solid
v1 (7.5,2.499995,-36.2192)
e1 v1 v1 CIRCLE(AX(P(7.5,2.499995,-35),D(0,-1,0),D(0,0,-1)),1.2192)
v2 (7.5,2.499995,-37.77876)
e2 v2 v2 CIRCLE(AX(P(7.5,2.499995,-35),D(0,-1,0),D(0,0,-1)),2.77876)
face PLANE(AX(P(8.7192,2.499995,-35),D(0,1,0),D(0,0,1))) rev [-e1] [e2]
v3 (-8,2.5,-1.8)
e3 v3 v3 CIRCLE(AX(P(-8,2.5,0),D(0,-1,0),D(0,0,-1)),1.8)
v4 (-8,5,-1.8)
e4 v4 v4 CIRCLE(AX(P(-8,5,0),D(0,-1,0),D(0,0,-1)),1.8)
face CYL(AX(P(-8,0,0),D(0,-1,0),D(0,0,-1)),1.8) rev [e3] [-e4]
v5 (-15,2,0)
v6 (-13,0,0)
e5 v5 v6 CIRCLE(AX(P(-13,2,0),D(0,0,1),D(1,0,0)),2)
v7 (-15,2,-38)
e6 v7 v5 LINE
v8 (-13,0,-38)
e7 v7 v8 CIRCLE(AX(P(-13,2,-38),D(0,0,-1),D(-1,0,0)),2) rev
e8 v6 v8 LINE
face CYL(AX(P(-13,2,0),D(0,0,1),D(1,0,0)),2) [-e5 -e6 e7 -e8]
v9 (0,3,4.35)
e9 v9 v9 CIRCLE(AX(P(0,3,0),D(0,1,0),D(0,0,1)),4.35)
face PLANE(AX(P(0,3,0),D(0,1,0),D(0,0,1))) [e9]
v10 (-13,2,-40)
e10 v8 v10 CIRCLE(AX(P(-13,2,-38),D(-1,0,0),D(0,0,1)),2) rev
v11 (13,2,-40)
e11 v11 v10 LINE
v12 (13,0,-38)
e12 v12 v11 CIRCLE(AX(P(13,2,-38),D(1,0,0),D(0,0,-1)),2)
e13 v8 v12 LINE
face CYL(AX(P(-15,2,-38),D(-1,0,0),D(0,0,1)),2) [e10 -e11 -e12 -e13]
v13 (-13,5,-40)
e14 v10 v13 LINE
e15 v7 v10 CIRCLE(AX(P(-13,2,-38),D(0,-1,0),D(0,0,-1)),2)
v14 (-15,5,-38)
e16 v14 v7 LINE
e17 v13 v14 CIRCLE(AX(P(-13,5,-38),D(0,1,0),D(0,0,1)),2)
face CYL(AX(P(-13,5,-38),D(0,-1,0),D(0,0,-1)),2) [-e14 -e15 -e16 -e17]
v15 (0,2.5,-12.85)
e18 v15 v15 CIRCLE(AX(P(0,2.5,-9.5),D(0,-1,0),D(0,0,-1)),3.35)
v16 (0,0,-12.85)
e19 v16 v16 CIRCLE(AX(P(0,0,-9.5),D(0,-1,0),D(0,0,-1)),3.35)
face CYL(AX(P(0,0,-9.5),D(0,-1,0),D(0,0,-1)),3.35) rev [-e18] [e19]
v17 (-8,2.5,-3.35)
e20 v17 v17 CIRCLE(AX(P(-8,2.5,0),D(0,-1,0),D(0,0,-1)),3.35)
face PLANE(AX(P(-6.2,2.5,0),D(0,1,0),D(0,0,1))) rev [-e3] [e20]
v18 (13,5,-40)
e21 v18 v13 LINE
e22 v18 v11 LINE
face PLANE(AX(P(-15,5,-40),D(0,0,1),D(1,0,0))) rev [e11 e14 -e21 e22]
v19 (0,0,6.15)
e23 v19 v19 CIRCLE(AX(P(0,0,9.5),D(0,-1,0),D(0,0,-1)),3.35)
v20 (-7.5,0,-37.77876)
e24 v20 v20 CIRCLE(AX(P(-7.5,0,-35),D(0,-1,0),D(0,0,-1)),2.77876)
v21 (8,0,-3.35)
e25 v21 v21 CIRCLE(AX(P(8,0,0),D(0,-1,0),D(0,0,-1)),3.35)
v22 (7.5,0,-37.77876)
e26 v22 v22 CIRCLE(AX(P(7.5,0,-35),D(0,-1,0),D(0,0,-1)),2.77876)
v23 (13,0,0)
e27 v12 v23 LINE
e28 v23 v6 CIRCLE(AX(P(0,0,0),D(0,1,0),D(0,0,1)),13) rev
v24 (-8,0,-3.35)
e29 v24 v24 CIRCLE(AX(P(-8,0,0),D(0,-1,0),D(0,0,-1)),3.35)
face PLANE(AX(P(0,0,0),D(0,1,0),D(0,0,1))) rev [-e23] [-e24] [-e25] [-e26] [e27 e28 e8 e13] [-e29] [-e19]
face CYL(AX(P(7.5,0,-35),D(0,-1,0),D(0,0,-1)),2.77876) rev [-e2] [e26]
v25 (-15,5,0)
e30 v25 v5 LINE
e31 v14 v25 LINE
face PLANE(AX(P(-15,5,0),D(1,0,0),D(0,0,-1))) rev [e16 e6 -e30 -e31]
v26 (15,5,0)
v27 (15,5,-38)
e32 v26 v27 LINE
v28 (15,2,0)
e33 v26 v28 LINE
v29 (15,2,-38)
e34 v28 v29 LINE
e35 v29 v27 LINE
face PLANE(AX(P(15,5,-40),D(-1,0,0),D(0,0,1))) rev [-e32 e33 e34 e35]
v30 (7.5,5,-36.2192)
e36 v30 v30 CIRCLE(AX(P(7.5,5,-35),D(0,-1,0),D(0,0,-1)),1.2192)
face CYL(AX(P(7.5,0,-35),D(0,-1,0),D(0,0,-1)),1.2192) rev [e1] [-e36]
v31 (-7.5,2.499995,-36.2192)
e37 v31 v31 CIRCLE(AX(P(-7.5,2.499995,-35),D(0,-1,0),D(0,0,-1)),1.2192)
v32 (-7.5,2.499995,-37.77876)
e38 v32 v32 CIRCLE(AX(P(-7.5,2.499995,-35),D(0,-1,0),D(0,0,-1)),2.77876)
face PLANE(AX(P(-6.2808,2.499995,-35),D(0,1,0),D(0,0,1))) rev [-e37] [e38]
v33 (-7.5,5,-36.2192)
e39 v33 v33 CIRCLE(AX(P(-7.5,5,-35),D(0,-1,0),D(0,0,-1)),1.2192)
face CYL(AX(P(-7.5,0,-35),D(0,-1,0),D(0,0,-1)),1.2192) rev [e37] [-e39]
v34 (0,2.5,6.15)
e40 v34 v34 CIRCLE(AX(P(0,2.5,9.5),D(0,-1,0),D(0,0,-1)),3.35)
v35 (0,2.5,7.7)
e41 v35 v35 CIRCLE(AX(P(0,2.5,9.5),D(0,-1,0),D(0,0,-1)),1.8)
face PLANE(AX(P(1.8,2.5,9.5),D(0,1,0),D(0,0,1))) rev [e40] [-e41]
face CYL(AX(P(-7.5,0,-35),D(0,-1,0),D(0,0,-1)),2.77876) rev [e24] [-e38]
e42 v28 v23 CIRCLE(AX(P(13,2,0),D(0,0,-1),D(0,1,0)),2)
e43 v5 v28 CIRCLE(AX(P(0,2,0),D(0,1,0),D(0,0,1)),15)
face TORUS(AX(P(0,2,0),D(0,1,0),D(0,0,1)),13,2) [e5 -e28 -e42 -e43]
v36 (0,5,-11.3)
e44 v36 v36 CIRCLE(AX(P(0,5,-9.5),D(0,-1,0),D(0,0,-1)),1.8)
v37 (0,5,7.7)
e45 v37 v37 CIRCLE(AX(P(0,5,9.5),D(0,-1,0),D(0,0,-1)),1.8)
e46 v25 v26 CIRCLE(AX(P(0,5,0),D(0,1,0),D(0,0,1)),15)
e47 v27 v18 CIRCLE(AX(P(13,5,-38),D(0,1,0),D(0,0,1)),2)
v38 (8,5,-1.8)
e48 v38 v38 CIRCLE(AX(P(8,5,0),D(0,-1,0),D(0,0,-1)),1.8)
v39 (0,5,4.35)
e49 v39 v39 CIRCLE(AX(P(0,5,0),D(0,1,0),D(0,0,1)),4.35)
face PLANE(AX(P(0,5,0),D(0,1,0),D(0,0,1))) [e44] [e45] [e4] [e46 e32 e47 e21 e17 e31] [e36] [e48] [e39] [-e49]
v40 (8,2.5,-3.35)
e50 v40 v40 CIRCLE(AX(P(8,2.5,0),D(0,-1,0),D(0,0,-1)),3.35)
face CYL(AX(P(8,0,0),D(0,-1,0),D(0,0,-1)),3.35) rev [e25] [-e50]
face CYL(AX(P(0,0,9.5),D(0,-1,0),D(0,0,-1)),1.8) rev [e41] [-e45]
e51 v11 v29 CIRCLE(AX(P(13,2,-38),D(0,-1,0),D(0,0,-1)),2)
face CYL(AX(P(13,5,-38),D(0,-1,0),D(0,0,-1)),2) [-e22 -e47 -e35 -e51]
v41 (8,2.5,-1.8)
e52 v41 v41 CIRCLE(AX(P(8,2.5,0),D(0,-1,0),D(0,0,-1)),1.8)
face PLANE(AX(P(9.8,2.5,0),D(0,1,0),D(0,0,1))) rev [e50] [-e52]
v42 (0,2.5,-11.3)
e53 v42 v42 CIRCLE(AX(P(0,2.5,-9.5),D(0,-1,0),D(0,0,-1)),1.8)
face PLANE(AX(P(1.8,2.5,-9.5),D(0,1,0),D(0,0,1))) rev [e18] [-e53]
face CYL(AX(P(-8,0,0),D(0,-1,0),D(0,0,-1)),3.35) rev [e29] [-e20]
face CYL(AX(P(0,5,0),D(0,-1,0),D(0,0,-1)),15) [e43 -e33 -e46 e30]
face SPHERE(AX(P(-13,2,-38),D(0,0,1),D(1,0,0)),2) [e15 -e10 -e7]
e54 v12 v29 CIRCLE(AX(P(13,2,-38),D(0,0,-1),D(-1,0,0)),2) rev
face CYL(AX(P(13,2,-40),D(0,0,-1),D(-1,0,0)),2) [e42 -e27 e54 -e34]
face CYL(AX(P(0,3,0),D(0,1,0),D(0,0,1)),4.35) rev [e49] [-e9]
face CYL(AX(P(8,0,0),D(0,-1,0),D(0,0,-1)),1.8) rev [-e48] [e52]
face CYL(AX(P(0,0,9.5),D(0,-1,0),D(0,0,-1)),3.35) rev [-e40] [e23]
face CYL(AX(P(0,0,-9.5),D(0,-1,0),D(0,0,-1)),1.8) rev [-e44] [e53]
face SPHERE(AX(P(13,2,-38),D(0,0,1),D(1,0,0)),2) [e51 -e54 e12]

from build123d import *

# Parameters (mm, degrees)
BOSS_EXTRUDE1_DEPTH                                 = 5
SKETCH2_R                                           = 0.5
CUT_EXTRUDE1_DEPTH                                  = 44.011626335
CBORE_FOR_2_BINDING_HEAD_MACHINE_SCREW1_D           = 2.4384
CBORE_FOR_2_BINDING_HEAD_MACHINE_SCREW1_CBORE_D     = 5.55752
CBORE_FOR_2_BINDING_HEAD_MACHINE_SCREW1_CBORE_DEPTH = 2.499995
FILLET1_R                                           = 2
SKETCH6_R                                           = 4.35
CUT_EXTRUDE2_DEPTH                                  = 2
CBORE_FOR_M3_SBHCS1_D                               = 3.6
CBORE_FOR_M3_SBHCS1_CBORE_D                         = 6.7
CBORE_FOR_M3_SBHCS1_CBORE_DEPTH                     = 2.5


with BuildPart() as part:
    # Sketch1 → Boss-Extrude1 (new body)
    with BuildSketch(Plane(origin=(0, 0, 0), x_dir=(1, 0, 0), z_dir=(0, 1, 0))):
        with BuildLine():
            Line((-15, 0), (-15, 40))
            Line((-15, 40), (15, 40))
            Line((15, 40), (15, 0))
            ThreePointArc((15, 0), (0, -15), (-15, 0))
        make_face()
    extrude(amount=BOSS_EXTRUDE1_DEPTH)

    # Sketch2 → Cut-Extrude1 (cut, through all)
    with BuildSketch(Plane(origin=(0, 5, 0), x_dir=(1, 0, 0), z_dir=(0, 1, 0))):
        with Locations(Location((-8, 0, 0), (0, 0, 270))):
            Circle(SKETCH2_R)
        with Locations(Location((0, 9.5, 0), (0, 0, 270))):
            Circle(SKETCH2_R)
        with Locations(Location((8, 0, 0), (0, 0, 270))):
            Circle(SKETCH2_R)
        with Locations(Location((0, -9.5, 0), (0, 0, 270))):
            Circle(SKETCH2_R)
    extrude(amount=-CUT_EXTRUDE1_DEPTH, mode=Mode.SUBTRACT)

    # CBORE for #2 Binding Head Machine Screw1 (through all)
    with Locations(Plane(origin=(0, 0, 0), x_dir=(-1, 0, 0), z_dir=(0, -1, 0))):
        with Locations((-7.5, 35), (7.5, 35)):
            CounterBoreHole(CBORE_FOR_2_BINDING_HEAD_MACHINE_SCREW1_D / 2, CBORE_FOR_2_BINDING_HEAD_MACHINE_SCREW1_CBORE_D / 2, CBORE_FOR_2_BINDING_HEAD_MACHINE_SCREW1_CBORE_DEPTH)

    # Fillet1
    fillet1_edges = [part.edges().sort_by_distance(p)[0] for p in [
        (-15, 0, -20),
        (0, 0, -40),
        (15, 0, -20),
        (0, 0, 15),
        (-15, 2.5, -40),
        (15, 2.5, -40),
    ]]
    fillet(fillet1_edges, radius=FILLET1_R)

    # Sketch6 → Cut-Extrude2 (cut)
    with BuildSketch(Plane(origin=(0, 5, 0), x_dir=(1, 0, 0), z_dir=(0, 1, 0))):
        with Locations(Location((0, 0, 0), (0, 0, 270))):
            Circle(SKETCH6_R)
    extrude(amount=-CUT_EXTRUDE2_DEPTH, mode=Mode.SUBTRACT)

    # CBORE for M3 SBHCS1 (through all)
    with Locations(Plane(origin=(0, 0, 0), x_dir=(-1, 0, 0), z_dir=(0, -1, 0))):
        with Locations((0, 9.5), (8, 0), (0, -9.5), (-8, 0)):
            CounterBoreHole(CBORE_FOR_M3_SBHCS1_D / 2, CBORE_FOR_M3_SBHCS1_CBORE_D / 2, CBORE_FOR_M3_SBHCS1_CBORE_DEPTH)


solid = part.part
